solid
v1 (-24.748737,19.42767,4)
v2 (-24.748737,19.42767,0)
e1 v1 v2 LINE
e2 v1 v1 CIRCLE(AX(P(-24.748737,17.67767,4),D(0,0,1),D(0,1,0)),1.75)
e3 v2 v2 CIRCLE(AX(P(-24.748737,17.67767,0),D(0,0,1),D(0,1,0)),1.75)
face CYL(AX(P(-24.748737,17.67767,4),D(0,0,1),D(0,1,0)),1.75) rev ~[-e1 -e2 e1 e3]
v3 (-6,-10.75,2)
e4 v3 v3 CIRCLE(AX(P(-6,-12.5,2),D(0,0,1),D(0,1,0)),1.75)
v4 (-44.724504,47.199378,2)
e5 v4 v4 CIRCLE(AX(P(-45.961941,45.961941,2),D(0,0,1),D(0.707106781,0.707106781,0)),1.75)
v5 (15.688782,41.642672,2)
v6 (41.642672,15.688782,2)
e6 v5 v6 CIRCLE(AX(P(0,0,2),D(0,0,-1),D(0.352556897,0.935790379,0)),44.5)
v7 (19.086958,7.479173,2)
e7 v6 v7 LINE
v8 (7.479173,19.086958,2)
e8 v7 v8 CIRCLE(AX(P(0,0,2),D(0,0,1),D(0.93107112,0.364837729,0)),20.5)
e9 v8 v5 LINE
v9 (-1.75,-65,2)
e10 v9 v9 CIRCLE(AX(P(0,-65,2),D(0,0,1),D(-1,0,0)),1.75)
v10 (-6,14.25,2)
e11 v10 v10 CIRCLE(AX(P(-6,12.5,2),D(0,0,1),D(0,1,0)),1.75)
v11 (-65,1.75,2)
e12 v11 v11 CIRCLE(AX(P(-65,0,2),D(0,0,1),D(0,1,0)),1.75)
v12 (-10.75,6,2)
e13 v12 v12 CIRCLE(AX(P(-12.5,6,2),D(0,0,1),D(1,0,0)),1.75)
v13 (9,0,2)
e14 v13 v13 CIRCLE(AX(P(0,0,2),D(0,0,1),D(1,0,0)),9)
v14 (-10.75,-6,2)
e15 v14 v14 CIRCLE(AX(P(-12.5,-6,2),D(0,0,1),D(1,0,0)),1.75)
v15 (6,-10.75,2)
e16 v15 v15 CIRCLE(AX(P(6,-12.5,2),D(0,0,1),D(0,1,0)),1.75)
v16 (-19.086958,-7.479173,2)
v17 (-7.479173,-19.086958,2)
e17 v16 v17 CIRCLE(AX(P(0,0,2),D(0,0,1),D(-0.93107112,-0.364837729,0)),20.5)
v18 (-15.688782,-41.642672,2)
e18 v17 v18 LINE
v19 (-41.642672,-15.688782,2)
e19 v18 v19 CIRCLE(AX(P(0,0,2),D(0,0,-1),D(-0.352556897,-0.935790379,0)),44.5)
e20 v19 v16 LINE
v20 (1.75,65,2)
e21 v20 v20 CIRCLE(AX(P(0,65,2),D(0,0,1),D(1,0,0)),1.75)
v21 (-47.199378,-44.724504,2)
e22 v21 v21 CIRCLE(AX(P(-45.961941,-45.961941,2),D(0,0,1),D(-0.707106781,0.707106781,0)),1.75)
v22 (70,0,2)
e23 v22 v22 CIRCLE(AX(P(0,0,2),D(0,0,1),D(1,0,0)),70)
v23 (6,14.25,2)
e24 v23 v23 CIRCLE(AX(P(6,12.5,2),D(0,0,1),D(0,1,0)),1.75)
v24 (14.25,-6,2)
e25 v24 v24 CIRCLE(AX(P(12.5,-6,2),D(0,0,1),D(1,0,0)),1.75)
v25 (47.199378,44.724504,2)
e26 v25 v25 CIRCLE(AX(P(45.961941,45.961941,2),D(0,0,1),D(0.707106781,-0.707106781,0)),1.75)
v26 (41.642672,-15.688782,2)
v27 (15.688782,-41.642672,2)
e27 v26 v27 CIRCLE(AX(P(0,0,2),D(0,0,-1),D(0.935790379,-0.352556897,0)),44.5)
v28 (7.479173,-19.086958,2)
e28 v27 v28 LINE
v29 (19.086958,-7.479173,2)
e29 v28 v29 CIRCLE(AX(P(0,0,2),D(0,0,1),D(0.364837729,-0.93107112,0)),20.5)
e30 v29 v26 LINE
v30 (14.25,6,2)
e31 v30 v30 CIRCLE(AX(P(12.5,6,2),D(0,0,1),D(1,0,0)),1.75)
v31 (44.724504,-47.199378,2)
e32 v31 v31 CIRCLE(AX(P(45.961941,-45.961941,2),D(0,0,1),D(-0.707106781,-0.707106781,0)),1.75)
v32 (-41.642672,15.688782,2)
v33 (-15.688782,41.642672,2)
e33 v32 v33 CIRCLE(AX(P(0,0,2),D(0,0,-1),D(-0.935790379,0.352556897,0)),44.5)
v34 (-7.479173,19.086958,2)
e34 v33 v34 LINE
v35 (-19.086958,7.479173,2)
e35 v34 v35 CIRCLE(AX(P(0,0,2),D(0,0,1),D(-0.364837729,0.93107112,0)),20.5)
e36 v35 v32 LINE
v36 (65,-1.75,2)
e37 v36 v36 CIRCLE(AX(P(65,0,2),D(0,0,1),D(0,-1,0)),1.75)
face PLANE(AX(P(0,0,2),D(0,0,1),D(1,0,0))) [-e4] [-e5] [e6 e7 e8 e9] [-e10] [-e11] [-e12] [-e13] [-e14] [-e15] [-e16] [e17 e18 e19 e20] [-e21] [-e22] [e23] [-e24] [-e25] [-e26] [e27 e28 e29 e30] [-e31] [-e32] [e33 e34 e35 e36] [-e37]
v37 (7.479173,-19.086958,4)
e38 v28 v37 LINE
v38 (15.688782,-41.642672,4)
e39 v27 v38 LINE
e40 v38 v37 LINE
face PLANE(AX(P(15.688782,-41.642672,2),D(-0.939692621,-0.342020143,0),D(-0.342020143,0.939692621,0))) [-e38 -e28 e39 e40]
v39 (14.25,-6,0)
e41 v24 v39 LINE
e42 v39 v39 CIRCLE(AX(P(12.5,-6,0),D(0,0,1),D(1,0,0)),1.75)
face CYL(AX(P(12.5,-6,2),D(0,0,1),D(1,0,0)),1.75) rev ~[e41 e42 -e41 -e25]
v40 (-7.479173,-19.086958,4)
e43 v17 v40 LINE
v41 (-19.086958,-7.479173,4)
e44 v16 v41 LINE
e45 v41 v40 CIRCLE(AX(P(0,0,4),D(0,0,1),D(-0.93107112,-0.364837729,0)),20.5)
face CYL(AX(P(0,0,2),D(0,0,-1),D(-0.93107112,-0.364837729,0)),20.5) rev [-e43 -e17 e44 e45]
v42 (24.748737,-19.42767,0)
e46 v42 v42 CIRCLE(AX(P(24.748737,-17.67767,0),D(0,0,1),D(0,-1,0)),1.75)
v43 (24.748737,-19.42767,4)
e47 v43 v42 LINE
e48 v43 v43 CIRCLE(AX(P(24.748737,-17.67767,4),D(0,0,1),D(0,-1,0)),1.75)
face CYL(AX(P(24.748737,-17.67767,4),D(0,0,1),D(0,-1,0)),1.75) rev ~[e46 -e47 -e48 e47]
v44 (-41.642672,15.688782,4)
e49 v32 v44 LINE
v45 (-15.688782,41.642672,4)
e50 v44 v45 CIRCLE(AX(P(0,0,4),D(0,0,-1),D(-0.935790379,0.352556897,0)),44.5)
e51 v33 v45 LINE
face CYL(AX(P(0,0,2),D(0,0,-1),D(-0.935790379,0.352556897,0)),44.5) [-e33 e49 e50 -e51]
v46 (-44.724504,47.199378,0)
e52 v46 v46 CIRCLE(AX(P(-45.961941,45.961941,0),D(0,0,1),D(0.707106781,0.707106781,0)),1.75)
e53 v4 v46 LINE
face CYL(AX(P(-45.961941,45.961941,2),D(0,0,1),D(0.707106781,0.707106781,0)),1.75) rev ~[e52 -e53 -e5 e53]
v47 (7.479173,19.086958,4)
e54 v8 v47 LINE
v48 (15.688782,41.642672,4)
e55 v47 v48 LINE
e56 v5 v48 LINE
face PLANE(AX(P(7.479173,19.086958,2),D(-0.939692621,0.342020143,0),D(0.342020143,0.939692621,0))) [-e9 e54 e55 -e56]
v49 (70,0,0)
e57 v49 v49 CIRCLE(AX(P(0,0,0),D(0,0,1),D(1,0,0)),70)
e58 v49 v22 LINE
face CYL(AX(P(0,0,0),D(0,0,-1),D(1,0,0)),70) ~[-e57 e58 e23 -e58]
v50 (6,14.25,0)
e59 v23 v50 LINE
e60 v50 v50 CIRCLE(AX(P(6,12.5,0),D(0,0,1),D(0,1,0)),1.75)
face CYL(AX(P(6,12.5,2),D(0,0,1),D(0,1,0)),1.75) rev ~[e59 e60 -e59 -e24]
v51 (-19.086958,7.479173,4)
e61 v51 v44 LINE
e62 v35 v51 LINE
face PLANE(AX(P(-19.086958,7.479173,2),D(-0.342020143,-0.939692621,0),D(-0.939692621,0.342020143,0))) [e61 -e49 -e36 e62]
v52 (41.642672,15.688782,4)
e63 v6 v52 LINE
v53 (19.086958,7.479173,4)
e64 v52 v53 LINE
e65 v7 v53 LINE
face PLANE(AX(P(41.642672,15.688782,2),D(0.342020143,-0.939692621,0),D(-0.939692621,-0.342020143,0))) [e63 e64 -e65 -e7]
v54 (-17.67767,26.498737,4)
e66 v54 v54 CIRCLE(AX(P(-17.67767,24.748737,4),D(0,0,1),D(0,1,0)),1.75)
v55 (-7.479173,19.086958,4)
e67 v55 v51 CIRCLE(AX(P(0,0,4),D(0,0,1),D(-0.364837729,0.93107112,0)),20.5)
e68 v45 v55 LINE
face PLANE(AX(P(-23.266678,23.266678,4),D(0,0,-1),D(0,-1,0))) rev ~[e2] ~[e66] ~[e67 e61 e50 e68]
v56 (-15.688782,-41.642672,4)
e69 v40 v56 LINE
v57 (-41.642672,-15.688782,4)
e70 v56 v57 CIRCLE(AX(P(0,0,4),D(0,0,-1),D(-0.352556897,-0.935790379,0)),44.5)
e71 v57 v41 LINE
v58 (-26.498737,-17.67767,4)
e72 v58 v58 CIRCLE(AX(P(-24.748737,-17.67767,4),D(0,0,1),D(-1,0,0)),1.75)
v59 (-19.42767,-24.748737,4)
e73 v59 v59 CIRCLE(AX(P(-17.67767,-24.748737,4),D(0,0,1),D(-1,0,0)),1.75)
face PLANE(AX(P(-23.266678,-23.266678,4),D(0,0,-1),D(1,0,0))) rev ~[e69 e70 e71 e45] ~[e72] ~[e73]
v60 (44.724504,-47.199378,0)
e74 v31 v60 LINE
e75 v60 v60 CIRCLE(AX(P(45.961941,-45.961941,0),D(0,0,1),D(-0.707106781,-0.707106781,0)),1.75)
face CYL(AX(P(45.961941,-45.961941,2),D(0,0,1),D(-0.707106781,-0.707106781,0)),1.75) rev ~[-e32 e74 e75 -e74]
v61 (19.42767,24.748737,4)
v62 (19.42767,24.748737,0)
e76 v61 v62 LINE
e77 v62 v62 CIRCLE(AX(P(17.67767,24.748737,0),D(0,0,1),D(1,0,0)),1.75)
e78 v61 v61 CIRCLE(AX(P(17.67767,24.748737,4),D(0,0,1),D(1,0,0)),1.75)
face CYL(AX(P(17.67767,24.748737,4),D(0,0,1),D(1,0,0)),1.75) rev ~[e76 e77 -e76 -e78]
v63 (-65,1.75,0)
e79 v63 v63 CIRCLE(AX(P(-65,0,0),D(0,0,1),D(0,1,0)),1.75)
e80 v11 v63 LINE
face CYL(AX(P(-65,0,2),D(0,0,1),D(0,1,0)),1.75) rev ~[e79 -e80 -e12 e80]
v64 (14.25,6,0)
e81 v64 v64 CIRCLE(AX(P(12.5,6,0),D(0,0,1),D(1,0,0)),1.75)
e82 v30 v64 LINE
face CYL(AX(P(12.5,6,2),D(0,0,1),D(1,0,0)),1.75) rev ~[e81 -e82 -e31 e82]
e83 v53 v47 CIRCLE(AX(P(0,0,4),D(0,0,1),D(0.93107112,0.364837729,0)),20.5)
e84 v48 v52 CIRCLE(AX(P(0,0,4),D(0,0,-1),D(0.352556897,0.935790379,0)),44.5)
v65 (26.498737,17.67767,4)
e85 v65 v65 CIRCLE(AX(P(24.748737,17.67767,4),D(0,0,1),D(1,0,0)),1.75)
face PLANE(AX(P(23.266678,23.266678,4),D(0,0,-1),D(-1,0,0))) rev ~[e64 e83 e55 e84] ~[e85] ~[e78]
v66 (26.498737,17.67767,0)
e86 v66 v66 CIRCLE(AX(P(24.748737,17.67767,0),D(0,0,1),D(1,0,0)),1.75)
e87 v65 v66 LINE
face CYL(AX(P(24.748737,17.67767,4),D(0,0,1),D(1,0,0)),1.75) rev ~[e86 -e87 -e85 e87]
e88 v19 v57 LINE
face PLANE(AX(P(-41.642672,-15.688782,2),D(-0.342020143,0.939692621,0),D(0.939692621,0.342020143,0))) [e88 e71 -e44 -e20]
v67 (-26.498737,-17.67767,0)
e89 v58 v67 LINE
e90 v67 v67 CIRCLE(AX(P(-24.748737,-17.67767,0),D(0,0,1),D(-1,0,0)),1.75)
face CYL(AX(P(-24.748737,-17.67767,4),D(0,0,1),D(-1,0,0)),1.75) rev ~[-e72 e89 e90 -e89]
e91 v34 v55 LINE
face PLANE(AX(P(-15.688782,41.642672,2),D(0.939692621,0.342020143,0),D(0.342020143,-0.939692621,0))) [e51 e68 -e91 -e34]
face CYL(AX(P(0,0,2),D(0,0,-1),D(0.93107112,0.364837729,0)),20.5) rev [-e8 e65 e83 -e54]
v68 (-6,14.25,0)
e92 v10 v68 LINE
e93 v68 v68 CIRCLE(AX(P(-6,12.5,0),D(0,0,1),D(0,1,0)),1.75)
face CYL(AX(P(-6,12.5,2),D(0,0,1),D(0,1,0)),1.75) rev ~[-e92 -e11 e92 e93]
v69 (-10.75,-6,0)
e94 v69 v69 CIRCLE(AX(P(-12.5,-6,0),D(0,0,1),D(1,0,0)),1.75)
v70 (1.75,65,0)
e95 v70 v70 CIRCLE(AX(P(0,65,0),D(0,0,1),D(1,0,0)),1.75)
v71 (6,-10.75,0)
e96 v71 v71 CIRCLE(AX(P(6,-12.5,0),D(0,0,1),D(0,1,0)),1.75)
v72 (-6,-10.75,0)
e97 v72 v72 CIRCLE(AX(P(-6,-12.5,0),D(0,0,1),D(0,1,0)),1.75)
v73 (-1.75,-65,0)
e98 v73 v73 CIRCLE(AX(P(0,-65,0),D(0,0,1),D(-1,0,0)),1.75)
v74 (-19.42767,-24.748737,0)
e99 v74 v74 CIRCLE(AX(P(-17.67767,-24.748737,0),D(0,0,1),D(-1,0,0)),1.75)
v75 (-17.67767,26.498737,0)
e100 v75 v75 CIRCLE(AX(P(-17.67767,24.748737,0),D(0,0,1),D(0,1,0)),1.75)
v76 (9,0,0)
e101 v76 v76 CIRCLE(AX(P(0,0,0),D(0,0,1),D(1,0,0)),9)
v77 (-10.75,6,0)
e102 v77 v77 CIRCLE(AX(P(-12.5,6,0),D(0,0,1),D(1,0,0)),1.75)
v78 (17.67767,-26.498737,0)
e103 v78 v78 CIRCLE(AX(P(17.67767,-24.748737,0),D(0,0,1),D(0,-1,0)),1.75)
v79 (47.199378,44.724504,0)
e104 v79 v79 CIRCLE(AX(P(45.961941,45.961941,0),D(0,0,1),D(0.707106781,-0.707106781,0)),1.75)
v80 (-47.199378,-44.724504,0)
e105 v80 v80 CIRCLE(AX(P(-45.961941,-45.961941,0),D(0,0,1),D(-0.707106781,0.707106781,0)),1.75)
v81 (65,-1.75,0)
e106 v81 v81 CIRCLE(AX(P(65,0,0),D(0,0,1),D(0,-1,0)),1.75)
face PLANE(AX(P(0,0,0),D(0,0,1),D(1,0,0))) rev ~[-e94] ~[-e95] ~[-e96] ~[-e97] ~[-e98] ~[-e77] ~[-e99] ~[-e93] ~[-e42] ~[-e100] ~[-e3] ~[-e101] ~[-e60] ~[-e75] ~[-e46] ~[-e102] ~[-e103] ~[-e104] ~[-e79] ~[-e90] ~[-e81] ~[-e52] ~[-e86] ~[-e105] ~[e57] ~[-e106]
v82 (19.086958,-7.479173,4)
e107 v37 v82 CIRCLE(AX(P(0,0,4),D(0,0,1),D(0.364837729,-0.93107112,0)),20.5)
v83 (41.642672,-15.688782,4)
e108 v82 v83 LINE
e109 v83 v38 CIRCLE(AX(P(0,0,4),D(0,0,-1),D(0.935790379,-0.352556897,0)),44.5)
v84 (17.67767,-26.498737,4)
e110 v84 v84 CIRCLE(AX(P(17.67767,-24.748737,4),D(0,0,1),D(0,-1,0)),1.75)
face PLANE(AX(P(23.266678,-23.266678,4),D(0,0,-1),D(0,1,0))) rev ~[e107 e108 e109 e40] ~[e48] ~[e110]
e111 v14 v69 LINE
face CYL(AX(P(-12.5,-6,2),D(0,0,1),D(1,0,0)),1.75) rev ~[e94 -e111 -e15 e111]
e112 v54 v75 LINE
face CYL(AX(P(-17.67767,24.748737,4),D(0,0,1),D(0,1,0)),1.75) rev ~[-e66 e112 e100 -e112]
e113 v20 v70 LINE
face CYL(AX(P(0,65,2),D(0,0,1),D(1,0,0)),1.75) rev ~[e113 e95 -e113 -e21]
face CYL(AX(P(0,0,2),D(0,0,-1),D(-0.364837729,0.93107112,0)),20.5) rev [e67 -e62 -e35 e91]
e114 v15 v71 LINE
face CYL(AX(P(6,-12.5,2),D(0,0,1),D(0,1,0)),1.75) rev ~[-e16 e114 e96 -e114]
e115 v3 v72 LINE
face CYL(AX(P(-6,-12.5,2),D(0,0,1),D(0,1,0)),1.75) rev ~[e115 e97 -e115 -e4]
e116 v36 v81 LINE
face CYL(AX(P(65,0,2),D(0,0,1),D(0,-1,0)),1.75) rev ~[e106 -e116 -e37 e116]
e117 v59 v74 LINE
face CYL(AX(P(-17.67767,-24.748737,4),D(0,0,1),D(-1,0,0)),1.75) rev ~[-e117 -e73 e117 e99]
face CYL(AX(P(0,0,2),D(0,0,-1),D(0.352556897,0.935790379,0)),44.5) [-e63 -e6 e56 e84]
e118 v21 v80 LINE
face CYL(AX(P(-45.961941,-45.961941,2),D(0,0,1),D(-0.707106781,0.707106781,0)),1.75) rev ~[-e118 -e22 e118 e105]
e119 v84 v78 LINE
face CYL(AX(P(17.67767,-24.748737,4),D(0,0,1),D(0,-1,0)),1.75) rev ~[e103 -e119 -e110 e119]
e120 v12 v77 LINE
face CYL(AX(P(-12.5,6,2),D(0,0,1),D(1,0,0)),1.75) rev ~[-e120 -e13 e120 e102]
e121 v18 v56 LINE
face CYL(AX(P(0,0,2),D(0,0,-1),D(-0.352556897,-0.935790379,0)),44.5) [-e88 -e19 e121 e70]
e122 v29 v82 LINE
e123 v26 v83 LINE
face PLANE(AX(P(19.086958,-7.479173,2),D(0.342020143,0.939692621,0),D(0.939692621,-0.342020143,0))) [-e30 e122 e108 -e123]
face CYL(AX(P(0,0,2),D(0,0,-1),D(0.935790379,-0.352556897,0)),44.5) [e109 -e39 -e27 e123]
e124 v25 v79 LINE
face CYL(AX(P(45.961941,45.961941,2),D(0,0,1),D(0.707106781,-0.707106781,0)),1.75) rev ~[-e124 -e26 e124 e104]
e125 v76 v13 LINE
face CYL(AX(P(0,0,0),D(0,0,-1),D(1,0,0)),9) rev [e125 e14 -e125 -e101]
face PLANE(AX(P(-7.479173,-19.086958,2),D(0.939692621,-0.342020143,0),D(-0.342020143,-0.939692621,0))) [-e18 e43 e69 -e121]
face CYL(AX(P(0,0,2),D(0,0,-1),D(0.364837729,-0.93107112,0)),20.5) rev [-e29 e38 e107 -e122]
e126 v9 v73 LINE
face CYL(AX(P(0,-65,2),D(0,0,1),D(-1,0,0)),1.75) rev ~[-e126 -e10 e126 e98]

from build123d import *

# Parameters (mm, degrees)
SKETCH1_R           = 70
SKETCH1_R_2         = 9
BOSS_EXTRUDE1_DEPTH = 2
BOSS_EXTRUDE2_DEPTH = 2
SKETCH5_R           = 1.75
CUT_EXTRUDE4_DEPTH  = 5
CIRPATTERN1_COUNT   = 4
SKETCH3_R           = 1.75
CUT_EXTRUDE2_DEPTH  = 3
CIRPATTERN2_COUNT   = 2
CIRPATTERN2_ANGLE   = 90
SKETCH4_R           = 1.75
CUT_EXTRUDE3_DEPTH  = 3
CIRPATTERN3_COUNT   = 8


with BuildPart() as part:
    # Sketch1 → Boss-Extrude1 (new body)
    with BuildSketch(Plane.XY):
        Circle(SKETCH1_R)
        Circle(SKETCH1_R_2, mode=Mode.SUBTRACT)
    extrude(amount=BOSS_EXTRUDE1_DEPTH)

    # Sketch2 → Boss-Extrude2 (add)
    with BuildSketch(Plane.XY.offset(2)):
        with BuildLine():
            Line((7.47917345, 19.086957969), (15.688781927, 41.642671884))
            ThreePointArc((15.688781927, 41.642671884), (31.466251763, 31.466251763), (41.642671884, 15.688781927))
            Line((41.642671884, 15.688781927), (19.086957969, 7.47917345))
            ThreePointArc((19.086957969, 7.47917345), (14.495689014, 14.495689014), (7.47917345, 19.086957969))
        make_face()
    boss_extrude2 = extrude(amount=BOSS_EXTRUDE2_DEPTH)

    # Sketch5 → Cut-Extrude4 (cut, through all)
    with BuildSketch(Plane.XY.offset(4)):
        with Locations((17.67766953, 24.748737342)):
            Circle(SKETCH5_R)
        with Locations((24.748737342, 17.67766953)):
            Circle(SKETCH5_R)
    cut_extrude4 = extrude(amount=-CUT_EXTRUDE4_DEPTH, mode=Mode.SUBTRACT)

    # CirPattern1: Boss-Extrude2, Cut-Extrude4 ×4 about axis
    cirpattern1_axis = Axis((0, 0, 0), (0, 0, 1))
    for i in range(1, CIRPATTERN1_COUNT):
        add(boss_extrude2.rotate(cirpattern1_axis, i * 360 / CIRPATTERN1_COUNT))
        add(cut_extrude4.rotate(cirpattern1_axis, i * 360 / CIRPATTERN1_COUNT), mode=Mode.SUBTRACT)

    # Sketch3 → Cut-Extrude2 (cut, through all)
    with BuildSketch(Plane.XY.offset(2)):
        with Locations((-12.5, 6)):
            Circle(SKETCH3_R)
        with Locations((12.5, 6)):
            Circle(SKETCH3_R)
        with Locations((12.5, -6)):
            Circle(SKETCH3_R)
        with Locations((-12.5, -6)):
            Circle(SKETCH3_R)
    cut_extrude2 = extrude(amount=-CUT_EXTRUDE2_DEPTH, mode=Mode.SUBTRACT)

    # CirPattern2: Cut-Extrude2 ×2 about axis
    cirpattern2_axis = Axis((0, 0, 0), (0, 0, 1))
    for i in range(1, CIRPATTERN2_COUNT):
        add(cut_extrude2.rotate(cirpattern2_axis, i * CIRPATTERN2_ANGLE / (CIRPATTERN2_COUNT - 1)), mode=Mode.SUBTRACT)

    # Sketch4 → Cut-Extrude3 (cut, through all)
    with BuildSketch(Plane.XY.offset(2)):
        with Locations((0, 65)):
            Circle(SKETCH4_R)
    cut_extrude3 = extrude(amount=-CUT_EXTRUDE3_DEPTH, mode=Mode.SUBTRACT)

    # CirPattern3: Cut-Extrude3 ×8 about axis
    cirpattern3_axis = Axis((0, 0, 0), (0, 0, 1))
    for i in range(1, CIRPATTERN3_COUNT):
        add(cut_extrude3.rotate(cirpattern3_axis, i * 360 / CIRPATTERN3_COUNT), mode=Mode.SUBTRACT)


solid = part.part
